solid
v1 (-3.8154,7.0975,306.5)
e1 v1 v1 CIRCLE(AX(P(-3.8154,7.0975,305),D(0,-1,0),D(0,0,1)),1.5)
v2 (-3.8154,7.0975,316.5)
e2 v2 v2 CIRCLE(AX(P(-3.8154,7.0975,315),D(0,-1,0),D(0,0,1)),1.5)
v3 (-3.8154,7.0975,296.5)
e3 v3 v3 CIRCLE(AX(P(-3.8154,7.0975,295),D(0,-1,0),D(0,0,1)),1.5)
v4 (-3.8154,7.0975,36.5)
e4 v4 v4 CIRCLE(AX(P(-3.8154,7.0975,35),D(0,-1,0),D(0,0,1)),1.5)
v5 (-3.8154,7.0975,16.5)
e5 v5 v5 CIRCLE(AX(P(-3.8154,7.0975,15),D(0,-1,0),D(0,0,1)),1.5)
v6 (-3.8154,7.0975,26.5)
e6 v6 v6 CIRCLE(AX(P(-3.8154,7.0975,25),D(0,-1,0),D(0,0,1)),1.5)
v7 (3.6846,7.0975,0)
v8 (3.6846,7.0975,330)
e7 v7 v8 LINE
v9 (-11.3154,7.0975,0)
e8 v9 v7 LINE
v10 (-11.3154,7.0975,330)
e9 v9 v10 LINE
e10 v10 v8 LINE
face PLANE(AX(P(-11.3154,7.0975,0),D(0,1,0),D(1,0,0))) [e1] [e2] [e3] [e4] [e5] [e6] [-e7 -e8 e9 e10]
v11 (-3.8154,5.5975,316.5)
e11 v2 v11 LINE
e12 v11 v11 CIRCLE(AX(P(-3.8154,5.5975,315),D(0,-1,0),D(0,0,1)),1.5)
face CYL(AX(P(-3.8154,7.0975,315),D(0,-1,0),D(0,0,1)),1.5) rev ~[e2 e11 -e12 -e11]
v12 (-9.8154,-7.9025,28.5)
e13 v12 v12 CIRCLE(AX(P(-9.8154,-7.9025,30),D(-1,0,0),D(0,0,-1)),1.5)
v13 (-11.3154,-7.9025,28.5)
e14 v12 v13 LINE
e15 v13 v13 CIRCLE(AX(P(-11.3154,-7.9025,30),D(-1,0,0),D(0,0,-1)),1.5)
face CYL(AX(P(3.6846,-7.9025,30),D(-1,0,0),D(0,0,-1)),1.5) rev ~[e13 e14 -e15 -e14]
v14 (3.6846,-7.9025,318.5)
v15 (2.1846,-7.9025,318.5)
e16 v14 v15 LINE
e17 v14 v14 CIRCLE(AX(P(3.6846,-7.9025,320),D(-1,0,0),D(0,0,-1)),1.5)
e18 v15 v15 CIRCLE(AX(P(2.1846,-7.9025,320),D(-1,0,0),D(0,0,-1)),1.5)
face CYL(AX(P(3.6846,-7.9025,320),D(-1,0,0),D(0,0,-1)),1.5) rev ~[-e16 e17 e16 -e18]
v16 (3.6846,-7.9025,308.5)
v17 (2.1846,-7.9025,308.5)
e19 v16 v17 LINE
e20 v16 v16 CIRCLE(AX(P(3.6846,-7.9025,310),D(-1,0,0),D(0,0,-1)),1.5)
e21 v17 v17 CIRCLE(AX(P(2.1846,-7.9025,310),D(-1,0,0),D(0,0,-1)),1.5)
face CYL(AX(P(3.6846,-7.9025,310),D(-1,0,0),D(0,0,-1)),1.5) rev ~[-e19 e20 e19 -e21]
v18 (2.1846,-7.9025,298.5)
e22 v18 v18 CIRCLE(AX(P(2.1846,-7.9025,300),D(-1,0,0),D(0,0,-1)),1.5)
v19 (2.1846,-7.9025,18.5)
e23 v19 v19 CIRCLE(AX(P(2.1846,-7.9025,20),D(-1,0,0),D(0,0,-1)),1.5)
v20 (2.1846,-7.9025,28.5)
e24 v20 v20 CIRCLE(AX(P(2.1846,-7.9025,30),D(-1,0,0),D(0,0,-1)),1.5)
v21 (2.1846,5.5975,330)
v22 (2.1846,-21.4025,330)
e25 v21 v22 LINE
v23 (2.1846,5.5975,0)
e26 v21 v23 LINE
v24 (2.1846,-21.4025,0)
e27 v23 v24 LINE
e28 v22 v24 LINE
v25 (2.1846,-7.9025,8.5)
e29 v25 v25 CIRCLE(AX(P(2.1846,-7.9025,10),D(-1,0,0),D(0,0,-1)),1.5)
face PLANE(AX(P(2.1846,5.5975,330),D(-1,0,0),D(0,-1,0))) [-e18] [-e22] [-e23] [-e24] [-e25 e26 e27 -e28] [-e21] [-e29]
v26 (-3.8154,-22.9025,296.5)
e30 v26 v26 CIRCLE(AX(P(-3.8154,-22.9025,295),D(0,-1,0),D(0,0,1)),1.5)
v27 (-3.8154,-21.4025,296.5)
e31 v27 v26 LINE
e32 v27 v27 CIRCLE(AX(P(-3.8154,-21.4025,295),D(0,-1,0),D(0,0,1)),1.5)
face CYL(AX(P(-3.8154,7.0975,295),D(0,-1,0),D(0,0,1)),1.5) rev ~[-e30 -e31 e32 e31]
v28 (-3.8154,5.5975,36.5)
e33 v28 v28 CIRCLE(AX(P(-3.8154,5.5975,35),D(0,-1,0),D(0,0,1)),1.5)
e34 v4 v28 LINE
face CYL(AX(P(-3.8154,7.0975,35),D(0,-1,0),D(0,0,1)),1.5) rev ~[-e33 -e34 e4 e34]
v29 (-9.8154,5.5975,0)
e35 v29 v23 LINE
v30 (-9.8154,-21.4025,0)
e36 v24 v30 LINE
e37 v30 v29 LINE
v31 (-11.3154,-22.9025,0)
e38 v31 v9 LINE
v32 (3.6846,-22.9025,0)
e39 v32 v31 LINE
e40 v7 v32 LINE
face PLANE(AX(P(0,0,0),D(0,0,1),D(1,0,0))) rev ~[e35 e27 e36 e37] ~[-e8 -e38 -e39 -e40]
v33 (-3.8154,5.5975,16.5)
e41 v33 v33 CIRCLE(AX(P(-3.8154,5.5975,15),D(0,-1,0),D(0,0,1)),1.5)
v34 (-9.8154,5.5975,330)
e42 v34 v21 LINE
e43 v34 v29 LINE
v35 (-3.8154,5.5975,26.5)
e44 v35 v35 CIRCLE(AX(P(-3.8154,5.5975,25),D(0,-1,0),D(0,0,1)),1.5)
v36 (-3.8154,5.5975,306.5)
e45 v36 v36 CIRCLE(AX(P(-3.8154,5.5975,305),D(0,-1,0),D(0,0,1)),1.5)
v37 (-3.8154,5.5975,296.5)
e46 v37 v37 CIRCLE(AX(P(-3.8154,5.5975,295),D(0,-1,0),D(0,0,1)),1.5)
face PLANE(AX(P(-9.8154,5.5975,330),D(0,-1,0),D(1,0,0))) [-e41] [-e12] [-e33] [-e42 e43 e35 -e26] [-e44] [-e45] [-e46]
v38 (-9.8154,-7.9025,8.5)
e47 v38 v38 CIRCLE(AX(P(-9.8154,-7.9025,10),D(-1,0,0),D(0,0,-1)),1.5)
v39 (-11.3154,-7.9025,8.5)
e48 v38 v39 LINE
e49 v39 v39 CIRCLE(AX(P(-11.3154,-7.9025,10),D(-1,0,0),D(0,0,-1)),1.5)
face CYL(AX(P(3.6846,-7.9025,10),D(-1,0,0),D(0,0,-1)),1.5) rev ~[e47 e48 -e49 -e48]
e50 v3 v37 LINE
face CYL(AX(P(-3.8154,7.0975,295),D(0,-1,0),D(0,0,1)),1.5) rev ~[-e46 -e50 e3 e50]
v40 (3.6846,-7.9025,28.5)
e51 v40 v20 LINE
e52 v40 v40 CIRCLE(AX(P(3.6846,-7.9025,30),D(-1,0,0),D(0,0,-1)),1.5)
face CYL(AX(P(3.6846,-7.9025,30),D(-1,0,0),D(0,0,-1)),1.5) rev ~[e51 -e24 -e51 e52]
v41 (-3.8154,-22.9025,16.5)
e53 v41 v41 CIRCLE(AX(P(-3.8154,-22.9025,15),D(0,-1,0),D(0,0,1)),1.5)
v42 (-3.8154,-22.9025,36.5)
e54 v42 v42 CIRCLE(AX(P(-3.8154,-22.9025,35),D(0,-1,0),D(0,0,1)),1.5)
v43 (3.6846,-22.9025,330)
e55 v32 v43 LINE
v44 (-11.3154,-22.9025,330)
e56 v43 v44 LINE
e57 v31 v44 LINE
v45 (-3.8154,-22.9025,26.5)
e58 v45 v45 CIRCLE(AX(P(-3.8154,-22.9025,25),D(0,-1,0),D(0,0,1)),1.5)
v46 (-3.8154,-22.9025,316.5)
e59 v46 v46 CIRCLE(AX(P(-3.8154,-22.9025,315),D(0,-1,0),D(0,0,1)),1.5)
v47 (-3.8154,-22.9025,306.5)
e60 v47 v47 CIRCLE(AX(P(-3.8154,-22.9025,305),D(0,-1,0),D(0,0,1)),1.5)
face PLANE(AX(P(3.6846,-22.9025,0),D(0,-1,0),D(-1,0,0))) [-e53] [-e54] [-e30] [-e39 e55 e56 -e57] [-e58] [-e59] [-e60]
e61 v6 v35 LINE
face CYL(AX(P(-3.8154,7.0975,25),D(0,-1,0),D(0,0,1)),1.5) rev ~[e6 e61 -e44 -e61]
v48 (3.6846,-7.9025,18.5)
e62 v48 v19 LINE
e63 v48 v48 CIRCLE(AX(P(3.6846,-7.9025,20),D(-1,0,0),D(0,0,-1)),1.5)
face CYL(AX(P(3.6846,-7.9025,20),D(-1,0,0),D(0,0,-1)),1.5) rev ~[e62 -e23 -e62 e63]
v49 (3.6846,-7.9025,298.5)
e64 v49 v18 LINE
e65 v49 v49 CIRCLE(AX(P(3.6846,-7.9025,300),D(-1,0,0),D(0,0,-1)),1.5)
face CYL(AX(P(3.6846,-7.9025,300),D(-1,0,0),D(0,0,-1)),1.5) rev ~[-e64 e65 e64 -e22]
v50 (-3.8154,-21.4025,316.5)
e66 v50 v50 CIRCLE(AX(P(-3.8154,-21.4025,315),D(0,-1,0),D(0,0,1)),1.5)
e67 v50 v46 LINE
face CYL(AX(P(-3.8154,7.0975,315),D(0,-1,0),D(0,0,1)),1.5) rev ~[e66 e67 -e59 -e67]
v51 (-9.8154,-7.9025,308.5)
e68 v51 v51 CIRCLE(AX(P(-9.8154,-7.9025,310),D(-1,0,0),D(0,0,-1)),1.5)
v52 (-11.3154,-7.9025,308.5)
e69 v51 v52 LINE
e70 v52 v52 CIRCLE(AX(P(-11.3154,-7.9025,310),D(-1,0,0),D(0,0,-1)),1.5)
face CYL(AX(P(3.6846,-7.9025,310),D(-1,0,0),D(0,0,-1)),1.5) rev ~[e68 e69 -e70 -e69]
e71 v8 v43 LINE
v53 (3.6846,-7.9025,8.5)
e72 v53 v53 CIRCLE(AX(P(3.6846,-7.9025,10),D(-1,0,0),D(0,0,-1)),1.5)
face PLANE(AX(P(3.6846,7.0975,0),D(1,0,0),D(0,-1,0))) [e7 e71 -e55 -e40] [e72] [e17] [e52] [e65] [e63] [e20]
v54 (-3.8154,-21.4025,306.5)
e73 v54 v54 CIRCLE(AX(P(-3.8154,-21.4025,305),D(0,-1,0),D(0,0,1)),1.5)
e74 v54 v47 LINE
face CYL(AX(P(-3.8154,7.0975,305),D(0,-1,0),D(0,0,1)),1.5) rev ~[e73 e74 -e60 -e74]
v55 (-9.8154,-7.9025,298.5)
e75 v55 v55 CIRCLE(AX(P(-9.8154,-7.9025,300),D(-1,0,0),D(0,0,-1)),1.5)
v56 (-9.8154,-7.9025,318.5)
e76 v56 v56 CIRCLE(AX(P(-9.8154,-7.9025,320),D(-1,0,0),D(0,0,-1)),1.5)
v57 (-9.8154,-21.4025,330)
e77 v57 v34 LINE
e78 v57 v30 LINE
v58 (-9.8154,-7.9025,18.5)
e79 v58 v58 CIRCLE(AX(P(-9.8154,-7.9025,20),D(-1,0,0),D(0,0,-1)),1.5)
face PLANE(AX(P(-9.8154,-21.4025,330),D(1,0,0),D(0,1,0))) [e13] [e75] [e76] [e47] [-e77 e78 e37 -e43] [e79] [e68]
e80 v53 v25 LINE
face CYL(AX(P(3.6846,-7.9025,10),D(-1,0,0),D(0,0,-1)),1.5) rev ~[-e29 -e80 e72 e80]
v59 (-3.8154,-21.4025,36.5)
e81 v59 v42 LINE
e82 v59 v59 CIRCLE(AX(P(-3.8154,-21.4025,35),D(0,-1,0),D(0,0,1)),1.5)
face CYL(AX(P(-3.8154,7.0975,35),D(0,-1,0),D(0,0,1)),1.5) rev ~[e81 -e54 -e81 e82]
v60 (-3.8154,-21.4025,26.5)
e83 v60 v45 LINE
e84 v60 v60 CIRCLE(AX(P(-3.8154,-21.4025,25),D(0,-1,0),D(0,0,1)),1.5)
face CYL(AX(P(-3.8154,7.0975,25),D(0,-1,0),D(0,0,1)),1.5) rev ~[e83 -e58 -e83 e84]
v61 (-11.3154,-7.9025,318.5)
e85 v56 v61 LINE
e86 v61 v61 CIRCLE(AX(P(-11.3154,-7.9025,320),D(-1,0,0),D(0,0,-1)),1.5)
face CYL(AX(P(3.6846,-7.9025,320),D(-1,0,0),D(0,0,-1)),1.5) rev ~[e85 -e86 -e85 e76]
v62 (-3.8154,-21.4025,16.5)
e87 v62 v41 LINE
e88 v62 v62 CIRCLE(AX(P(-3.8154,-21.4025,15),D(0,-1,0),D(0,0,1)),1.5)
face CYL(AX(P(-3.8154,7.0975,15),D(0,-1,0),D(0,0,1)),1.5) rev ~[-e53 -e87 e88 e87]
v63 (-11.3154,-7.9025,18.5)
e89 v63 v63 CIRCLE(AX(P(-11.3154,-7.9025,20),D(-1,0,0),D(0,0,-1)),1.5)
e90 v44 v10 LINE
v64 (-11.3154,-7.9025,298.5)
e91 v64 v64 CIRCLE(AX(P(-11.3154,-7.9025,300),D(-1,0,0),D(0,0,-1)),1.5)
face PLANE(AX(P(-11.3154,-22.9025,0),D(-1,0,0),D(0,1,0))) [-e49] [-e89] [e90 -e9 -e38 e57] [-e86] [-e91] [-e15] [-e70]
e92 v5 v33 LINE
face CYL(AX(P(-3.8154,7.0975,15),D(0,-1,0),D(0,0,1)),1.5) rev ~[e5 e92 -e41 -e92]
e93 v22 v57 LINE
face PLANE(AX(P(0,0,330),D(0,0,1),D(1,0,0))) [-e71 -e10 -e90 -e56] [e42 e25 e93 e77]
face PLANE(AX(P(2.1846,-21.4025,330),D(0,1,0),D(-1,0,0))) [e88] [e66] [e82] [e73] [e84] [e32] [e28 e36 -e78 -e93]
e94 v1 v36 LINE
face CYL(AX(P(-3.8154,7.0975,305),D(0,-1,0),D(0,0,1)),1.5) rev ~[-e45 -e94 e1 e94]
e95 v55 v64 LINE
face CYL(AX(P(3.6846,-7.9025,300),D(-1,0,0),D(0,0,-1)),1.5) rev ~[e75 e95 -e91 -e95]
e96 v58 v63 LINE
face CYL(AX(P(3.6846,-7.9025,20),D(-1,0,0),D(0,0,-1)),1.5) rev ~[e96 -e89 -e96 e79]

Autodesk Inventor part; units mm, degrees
ref_plane "YZ Plane" through (0, 0, 0) normal (1, 0, 0) x (0, 1, 0)
ref_plane "XZ Plane" through (0, 0, 0) normal (0, 1, 0) x (-1, 0, 0)
ref_plane "XY Plane" through (0, 0, 0) normal (0, 0, 1) x (1, 0, 0)
sketch "スケッチ1" plane through (0, 0, 0) normal (0, 0, 1) x (1, 0, 0)
  line L0 (-11.3154, 7.0975) -> (3.6846, 7.0975)
  line L1 (3.6846, 7.0975) -> (3.6846, -22.9025)
  line L2 (3.6846, -22.9025) -> (-11.3154, -22.9025)
  line L3 (-11.3154, -22.9025) -> (-11.3154, 7.0975)
  point P0 (0, 0)
  dimension "d0" = 15
  dimension "d1" = 30
extrude "押し出し1" add sketch "スケッチ1" along normal blind 330
sketch "スケッチ2" plane through (3.6846, -22.9025, 0) normal (1, 0, 0) x (0, 0, -1)
  circle A0 centre (-320, 15) radius 1.5
  line L0 (0, 30) -> (-330, 30) projected
  line L1 (-330, 0) -> (-330, 30) projected
  circle A1 centre (-310, 15) radius 1.5
  circle A2 centre (-300, 15) radius 1.5
  circle A3 centre (-30, 15) radius 1.5
  circle A4 centre (-20, 15) radius 1.5
  circle A5 centre (-10, 15) radius 1.5
  line L2 (0, 30) -> (0, 0) projected
  point P0 (0, 22.9025)
  dimension "d4" = 3
  dimension "d5" = 15
  dimension "d6" = 10
  dimension "d7" = 3
  dimension "d8" = 3
  dimension "d9" = 3
  dimension "d10" = 3
  dimension "d11" = 3
  dimension "d12" = 10
  dimension "d13" = 10
  dimension "d14" = 10
  dimension "d15" = 10
  dimension "d16" = 10
hole "穴1" at (3.6846, -7.9025, 320) at (3.6846, -7.9025, 310) at (3.6846, -7.9025, 300) at (3.6846, -7.9025, 10) at (3.6846, -7.9025, 20) at (3.6846, -7.9025, 30) direction (-1, 0, 0) diameter 3 depth 15
sketch "スケッチ3" plane through (-11.3154, 7.0975, 0) normal (0, 1, 0) x (1, 0, 0)
  circle A0 centre (7.5, -15) radius 1.5
  line L0 (0, 0) -> (15, 0) projected
  circle A1 centre (7.5, -25) radius 1.5
  circle A2 centre (7.5, -35) radius 1.5
  circle A3 centre (7.5, -315) radius 1.5
  line L1 (15, -330) -> (0, -330) projected
  circle A4 centre (7.5, -305) radius 1.5
  circle A5 centre (7.5, -295) radius 1.5
  point P0 (11.3154, 0)
  dimension "d24" = 3
  dimension "d25" = 15
  dimension "d26" = 3
  dimension "d27" = 3
  dimension "d28" = 3
  dimension "d29" = 15
  dimension "d30" = 3
  dimension "d31" = 3
  dimension "d32" = 10
  dimension "d33" = 10
  dimension "d34" = 10
  dimension "d35" = 10
hole "穴2" at (-3.8154, 7.0975, 295) at (-3.8154, 7.0975, 305) at (-3.8154, 7.0975, 315) at (-3.8154, 7.0975, 15) at (-3.8154, 7.0975, 25) at (-3.8154, 7.0975, 35) direction (0, -1, 0) diameter 3 depth 30
sketch "スケッチ4" plane through (0, 0, 330) normal (0, 0, 1) x (1, 0, 0)
  line L0 (-9.8154, 5.5975) -> (2.1846, 5.5975)
  line L1 (2.1846, 5.5975) -> (2.1846, -21.4025)
  line L2 (2.1846, -21.4025) -> (-9.8154, -21.4025)
  line L3 (-9.8154, -21.4025) -> (-9.8154, 5.5975)
  line L4 (3.6846, 7.0975) -> (-11.3154, 7.0975) projected
  line L5 (-11.3154, 7.0975) -> (-11.3154, -22.9025) projected
  point P0 (0, 0)
  dimension "d43" = 12
  dimension "d44" = 27
  dimension "d45" = 1.5
  dimension "d46" = 1.5
extrude "押し出し2" cut sketch "スケッチ4" against normal blind 330
equation "\"BendRadius\" = Thickness"
equation "\"BendReliefWidth\" = Thickness"
equation "\"BendReliefDepth\" = 0.5 * Thickness"
equation "\"CornerReliefSize\" = 4 * Thickness"
equation "\"MinimumRemnant\" = 2 * Thickness"
equation "\"TransitionRadius\" = BendRadius"
equation "\"JacobiRadiusSize\" = BendRadius"
equation "\"GapSize\" = Thickness"
equation "\"Thickness\" = 0.5"
properties part number "nhk15" material "アルミニウム 6061"
